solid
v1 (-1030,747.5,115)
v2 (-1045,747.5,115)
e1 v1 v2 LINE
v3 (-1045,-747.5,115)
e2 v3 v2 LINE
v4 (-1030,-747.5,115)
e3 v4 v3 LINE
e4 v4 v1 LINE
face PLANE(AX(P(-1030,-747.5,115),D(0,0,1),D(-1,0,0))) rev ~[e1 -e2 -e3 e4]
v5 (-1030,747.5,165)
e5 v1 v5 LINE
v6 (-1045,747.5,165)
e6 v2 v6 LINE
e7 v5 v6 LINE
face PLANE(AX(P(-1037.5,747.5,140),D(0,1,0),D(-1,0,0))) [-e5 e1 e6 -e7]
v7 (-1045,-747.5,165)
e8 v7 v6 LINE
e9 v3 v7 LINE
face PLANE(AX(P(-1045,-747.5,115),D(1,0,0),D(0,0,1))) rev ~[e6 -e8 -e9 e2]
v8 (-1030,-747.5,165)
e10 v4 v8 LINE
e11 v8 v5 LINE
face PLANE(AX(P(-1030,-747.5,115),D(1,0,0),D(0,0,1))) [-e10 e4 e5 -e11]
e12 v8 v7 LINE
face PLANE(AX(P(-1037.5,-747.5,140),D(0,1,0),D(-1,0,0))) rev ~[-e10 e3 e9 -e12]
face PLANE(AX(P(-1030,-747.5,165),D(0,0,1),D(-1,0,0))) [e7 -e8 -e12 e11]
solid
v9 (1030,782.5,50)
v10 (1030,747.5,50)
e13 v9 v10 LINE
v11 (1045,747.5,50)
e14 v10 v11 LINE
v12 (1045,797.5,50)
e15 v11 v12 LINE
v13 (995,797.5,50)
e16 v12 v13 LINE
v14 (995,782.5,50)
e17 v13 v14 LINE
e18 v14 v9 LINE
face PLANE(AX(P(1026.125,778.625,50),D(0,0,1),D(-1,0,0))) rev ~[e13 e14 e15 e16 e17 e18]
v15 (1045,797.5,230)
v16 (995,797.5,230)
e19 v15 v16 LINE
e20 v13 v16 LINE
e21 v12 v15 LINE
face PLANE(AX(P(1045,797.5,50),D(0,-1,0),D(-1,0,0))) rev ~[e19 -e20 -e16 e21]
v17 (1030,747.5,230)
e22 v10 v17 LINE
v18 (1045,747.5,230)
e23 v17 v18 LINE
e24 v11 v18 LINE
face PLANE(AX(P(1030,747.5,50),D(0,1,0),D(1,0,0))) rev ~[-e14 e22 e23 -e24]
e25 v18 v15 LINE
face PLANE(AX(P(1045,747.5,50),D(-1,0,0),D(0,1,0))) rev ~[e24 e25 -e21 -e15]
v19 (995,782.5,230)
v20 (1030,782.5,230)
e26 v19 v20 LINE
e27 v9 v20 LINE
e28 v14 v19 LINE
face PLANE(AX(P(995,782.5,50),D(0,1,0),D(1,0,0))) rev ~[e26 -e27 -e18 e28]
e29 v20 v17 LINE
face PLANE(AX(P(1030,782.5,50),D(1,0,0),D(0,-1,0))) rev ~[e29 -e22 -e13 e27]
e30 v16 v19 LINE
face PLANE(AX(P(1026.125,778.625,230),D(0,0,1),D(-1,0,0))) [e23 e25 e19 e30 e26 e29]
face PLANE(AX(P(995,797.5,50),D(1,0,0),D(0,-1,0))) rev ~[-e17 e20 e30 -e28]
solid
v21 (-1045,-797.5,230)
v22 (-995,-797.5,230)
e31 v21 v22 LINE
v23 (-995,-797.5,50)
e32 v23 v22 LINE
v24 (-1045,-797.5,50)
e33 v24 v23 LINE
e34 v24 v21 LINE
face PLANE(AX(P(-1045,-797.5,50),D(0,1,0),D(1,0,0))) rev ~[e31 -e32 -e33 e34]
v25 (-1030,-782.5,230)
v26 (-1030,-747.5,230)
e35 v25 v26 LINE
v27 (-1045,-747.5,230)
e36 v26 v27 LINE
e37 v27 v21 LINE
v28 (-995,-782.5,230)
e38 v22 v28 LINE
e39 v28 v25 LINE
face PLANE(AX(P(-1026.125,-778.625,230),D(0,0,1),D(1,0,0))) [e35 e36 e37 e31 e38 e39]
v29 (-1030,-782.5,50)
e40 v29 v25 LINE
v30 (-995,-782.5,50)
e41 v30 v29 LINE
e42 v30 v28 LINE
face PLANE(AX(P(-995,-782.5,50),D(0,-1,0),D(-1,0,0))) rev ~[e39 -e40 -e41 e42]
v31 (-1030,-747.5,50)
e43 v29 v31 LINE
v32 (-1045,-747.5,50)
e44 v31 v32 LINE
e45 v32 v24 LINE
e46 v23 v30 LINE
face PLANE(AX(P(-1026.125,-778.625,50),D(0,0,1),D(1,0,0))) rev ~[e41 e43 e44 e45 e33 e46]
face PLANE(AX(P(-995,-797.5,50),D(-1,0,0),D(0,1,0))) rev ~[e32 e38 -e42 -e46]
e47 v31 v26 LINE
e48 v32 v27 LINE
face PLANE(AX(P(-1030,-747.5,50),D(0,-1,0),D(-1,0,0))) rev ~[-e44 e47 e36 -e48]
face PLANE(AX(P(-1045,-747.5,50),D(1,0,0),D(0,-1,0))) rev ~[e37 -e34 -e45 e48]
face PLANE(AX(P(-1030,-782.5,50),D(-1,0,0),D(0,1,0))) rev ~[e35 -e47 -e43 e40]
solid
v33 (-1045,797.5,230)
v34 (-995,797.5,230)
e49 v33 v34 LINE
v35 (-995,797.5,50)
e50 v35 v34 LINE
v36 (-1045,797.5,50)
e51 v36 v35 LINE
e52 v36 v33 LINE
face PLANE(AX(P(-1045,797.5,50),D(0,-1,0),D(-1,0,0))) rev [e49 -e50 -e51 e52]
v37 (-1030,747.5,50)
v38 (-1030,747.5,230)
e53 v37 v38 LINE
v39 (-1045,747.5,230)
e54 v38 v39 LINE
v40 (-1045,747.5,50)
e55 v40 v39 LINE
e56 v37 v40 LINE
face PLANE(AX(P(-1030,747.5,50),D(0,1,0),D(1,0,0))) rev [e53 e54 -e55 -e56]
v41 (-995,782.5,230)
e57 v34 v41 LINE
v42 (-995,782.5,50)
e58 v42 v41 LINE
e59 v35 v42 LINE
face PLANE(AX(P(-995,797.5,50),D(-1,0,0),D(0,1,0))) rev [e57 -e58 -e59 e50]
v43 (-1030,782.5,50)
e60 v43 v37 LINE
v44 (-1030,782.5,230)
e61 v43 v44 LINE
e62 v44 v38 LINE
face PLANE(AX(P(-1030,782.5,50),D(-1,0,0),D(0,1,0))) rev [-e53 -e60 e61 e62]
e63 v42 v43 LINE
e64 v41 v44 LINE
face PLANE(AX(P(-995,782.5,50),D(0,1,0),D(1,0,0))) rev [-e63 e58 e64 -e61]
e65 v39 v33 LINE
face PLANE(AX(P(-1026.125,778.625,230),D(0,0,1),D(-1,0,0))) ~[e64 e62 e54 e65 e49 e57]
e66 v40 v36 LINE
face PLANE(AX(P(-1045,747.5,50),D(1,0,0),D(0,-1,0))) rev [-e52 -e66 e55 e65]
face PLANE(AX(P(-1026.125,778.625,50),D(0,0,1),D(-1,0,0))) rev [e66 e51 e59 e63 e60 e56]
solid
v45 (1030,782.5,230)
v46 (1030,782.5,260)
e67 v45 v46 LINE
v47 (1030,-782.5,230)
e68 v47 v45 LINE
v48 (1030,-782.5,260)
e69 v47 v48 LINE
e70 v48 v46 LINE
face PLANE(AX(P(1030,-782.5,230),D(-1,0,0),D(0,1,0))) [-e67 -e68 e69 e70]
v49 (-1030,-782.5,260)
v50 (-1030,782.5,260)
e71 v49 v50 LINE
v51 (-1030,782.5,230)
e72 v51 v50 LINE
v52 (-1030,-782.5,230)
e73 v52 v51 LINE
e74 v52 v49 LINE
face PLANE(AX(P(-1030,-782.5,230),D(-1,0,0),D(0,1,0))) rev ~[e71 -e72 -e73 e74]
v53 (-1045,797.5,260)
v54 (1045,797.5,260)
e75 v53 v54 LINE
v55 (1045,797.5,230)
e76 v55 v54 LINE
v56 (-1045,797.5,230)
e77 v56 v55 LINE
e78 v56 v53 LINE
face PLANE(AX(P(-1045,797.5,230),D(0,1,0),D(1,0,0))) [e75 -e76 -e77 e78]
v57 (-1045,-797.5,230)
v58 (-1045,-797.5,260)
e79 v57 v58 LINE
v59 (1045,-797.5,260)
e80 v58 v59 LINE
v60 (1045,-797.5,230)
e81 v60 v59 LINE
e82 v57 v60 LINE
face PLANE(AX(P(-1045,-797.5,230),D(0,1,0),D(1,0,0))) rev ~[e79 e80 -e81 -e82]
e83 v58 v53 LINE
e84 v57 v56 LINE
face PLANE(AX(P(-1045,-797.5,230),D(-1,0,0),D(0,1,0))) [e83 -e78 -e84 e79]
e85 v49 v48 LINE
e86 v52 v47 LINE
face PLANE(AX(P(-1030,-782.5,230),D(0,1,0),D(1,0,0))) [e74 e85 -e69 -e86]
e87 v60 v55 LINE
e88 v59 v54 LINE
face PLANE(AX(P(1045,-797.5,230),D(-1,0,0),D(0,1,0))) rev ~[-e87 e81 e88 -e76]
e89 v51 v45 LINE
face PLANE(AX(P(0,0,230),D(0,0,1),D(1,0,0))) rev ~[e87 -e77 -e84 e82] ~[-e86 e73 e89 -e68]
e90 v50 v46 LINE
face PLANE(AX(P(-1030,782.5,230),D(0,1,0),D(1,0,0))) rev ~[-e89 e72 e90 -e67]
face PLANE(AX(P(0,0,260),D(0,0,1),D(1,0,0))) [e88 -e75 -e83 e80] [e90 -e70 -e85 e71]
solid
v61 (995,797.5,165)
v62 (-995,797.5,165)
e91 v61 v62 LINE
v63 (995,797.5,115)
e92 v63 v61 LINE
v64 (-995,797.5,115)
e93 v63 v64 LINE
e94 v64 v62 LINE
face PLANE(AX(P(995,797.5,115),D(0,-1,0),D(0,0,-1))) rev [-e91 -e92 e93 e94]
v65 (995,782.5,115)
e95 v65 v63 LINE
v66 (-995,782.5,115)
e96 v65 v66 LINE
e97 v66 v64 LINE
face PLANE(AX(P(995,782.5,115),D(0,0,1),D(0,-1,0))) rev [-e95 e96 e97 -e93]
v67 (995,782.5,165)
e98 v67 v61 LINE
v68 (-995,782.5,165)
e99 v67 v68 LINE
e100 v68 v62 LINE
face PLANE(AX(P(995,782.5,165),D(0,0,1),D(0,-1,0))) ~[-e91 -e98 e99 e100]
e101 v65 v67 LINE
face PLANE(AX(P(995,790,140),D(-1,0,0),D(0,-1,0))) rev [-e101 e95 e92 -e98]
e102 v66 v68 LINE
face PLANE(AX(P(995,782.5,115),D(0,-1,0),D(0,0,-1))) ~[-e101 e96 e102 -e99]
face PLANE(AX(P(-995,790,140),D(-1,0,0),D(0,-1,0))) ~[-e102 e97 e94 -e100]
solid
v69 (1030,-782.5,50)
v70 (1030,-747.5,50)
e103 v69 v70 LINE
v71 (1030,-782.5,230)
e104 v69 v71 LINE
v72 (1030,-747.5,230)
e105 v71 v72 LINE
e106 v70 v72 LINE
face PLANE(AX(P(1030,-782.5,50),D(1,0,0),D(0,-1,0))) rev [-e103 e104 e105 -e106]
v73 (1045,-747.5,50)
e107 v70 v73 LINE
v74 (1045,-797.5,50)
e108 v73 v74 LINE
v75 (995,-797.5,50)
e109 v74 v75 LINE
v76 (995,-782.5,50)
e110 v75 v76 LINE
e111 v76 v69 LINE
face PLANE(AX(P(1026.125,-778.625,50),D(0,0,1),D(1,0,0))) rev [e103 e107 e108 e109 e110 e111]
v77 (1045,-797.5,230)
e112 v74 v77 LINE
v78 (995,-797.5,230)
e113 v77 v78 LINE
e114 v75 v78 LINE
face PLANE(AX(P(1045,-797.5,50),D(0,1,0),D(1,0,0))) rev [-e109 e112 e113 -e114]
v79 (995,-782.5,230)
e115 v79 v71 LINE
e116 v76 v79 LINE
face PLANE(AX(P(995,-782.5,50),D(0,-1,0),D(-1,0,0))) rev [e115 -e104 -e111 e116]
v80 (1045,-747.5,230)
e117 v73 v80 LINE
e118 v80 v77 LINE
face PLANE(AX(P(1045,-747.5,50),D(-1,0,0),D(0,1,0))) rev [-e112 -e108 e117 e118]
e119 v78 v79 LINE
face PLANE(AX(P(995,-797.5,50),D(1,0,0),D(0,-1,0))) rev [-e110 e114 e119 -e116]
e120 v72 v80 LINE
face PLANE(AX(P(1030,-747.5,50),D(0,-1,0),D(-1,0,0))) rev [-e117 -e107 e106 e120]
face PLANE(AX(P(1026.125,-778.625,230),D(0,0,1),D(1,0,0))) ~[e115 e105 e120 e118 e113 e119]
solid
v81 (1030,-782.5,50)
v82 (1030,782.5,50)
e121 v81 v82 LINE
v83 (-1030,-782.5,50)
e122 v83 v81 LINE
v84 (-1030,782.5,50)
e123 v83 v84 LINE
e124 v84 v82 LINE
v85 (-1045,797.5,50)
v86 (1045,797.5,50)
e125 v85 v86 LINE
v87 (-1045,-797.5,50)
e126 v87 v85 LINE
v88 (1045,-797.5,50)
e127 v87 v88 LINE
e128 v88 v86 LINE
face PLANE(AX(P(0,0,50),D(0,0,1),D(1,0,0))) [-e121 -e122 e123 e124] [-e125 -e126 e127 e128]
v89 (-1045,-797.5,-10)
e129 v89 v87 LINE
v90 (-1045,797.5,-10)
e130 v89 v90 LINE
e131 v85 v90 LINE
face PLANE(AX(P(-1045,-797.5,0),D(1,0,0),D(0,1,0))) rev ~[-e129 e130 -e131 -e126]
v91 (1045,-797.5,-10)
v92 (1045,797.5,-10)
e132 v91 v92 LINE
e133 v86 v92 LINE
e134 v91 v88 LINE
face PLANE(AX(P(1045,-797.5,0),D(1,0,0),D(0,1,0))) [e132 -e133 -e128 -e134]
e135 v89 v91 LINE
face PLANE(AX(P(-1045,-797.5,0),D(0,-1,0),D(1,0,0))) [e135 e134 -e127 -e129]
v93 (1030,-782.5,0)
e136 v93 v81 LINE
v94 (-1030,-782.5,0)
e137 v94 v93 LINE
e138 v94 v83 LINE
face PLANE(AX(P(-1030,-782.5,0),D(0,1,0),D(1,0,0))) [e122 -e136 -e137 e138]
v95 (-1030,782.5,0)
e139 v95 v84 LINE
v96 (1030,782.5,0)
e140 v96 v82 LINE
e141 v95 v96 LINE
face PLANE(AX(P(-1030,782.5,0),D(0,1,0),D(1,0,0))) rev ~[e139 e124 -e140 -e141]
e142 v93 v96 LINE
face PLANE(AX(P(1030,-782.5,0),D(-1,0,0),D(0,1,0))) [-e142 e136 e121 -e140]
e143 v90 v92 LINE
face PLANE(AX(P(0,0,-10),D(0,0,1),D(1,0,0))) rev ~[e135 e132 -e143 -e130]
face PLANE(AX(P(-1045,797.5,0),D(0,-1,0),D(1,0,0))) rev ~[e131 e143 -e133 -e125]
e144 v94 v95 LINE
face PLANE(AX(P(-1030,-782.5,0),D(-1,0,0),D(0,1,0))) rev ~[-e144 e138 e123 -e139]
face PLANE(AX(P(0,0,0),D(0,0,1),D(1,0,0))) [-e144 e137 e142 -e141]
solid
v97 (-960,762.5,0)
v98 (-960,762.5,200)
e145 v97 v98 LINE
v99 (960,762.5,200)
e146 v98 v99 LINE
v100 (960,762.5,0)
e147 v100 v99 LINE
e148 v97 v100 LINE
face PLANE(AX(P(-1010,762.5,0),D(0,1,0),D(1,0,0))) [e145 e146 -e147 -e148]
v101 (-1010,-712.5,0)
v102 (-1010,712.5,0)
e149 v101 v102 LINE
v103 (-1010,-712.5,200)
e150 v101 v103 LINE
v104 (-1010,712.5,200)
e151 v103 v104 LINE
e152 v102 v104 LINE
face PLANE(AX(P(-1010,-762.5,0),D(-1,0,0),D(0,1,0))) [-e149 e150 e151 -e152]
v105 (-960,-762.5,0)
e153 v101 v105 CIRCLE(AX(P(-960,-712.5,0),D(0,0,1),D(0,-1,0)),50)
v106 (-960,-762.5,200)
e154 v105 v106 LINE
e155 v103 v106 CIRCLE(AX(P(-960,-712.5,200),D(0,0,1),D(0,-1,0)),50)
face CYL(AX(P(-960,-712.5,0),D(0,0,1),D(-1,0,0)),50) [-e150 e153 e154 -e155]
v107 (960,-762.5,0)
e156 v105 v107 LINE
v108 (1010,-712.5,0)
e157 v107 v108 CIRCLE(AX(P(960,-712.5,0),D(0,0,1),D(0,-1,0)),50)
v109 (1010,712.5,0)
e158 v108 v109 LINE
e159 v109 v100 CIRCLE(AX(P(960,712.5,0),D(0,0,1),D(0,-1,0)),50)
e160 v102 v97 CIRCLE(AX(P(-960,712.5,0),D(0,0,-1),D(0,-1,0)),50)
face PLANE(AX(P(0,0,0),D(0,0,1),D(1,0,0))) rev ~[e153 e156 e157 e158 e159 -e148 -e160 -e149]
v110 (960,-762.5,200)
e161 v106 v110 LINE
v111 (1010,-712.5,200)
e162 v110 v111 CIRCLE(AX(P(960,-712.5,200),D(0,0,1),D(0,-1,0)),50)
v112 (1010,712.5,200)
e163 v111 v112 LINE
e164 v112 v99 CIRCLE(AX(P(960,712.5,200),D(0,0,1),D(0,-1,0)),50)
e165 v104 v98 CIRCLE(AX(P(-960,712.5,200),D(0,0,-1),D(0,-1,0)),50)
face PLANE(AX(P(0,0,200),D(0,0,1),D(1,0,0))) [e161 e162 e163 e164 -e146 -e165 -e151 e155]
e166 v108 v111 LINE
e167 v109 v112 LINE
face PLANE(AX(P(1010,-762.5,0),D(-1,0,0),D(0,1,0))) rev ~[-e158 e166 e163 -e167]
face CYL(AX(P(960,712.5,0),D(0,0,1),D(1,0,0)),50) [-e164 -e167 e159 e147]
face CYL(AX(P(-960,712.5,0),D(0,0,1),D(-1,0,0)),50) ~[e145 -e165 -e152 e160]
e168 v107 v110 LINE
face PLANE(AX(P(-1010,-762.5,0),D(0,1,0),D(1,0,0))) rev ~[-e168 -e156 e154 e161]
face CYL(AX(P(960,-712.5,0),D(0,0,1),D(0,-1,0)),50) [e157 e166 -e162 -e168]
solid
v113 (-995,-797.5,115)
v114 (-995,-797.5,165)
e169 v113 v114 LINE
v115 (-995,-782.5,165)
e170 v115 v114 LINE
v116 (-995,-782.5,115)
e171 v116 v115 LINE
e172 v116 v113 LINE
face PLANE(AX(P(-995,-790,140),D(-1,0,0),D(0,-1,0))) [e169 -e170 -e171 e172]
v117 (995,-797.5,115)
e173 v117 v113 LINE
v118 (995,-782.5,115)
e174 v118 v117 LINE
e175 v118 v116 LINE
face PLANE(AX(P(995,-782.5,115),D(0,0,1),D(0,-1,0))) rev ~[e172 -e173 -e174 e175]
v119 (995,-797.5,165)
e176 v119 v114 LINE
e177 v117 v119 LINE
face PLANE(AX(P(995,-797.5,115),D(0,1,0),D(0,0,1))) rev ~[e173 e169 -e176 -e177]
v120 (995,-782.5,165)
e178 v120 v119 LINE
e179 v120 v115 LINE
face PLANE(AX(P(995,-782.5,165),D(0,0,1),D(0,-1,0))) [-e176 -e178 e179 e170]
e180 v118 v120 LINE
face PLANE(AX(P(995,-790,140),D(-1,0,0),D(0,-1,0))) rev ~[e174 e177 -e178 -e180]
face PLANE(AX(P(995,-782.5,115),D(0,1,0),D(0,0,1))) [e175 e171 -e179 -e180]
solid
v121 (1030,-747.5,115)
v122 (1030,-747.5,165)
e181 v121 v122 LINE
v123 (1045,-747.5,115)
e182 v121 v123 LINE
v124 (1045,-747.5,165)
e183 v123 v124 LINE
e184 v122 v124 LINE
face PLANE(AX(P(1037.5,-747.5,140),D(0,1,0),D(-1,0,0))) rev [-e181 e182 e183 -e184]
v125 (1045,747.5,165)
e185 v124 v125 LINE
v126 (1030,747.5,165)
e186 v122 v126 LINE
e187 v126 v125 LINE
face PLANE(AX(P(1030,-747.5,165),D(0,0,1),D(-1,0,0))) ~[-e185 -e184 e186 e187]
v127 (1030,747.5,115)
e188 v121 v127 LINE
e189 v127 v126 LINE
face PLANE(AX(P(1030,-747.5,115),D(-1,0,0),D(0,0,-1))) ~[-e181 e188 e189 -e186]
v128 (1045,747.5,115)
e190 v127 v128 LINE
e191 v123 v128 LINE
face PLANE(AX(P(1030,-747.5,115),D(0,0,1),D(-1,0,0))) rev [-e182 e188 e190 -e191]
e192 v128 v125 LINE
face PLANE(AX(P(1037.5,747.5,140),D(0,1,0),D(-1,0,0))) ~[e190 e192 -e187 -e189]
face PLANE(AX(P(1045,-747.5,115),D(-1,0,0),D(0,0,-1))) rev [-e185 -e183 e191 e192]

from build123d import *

# Parameters (mm, degrees)
F0_W      = 2020
F0_H      = 1525
F1_DEPTH  = 200
F2_R      = 50
F4_W      = 2090
F4_H      = 1595
F4_W_2    = 2060
F4_H_2    = 1565
F5_DEPTH  = 50
F6_W      = 2090
F6_H      = 1595
F7_DEPTH  = 10
F9_W      = 2090
F9_H      = 1595
F9_W_2    = 2060
F9_H_2    = 1565
F10_DEPTH = 30
F13_DEPTH = 180
F16_W     = 15
F16_H     = 50
F17_DEPTH = 1990
F18_W     = 15
F18_H     = 50
F19_DEPTH = 1495


with BuildPart() as f1:
    # F0 (on Top) → F1 (new body)
    with BuildSketch(Plane.XY):
        Rectangle(F0_W, F0_H)
    extrude(amount=F1_DEPTH)

    # F2
    f2_edges = [f1.edges().sort_by_distance(p)[0] for p in [
        (1010, -762.5, 100),
        (-1010, -762.5, 100),
        (-1010, 762.5, 100),
        (1010, 762.5, 100),
    ]]
    fillet(f2_edges, radius=F2_R)


with BuildPart() as f5:
    # F4 (on face) → F5 (new body)
    with BuildSketch(Plane.XY):
        Rectangle(F4_W, F4_H)
        Rectangle(F4_W_2, F4_H_2, mode=Mode.SUBTRACT)
    extrude(amount=F5_DEPTH)

    # F6 (on Top) → F7 (join)
    with BuildSketch(Plane.XY):
        Rectangle(F6_W, F6_H)
    extrude(amount=-F7_DEPTH)


with BuildPart() as f10:
    # F9 (on offset) → F10 (new body)
    with BuildSketch(Plane.XY.offset(230)):
        Rectangle(F9_W, F9_H)
        Rectangle(F9_W_2, F9_H_2, mode=Mode.SUBTRACT)
    extrude(amount=F10_DEPTH)


with BuildPart() as f13:
    # F12 (on offset) → F13 (new body)
    with BuildSketch(Plane.XY.offset(50)):
        Polygon((-1030, -747.5), (-1045, -747.5), (-1045, -797.5), (-995, -797.5), (-995, -782.5), (-1030, -782.5), align=None)
    extrude(amount=F13_DEPTH)


with BuildPart() as f14_1:
    # F14: instance of F13
    add(f13.part.mirror(Plane.XZ))


with BuildPart() as f15_1:
    # F15: instance of F13
    add(f13.part.mirror(Plane.YZ))


with BuildPart() as f15_2:
    # F15: instance of F14_1
    add(f14_1.part.mirror(Plane.YZ))


with BuildPart() as f17:
    # F16 (on face) → F17 (new body)
    with BuildSketch(Plane(origin=(995, 0, 0), x_dir=(0, -1, 0), z_dir=(-1, 0, 0))):
        with Locations((790, 140)):
            Rectangle(F16_W, F16_H)
    extrude(amount=F17_DEPTH)


with BuildPart() as f19:
    # F18 (on face) → F19 (new body)
    with BuildSketch(Plane(origin=(0, -747.5, 0), x_dir=(-1, 0, 0), z_dir=(0, 1, 0))):
        with Locations((1037.5, 140)):
            Rectangle(F18_W, F18_H)
    extrude(amount=F19_DEPTH)


with BuildPart() as f20_1:
    # F20: instance of F19
    add(f19.part.mirror(Plane.YZ))


with BuildPart() as f21_1:
    # F21: instance of F17
    add(f17.part.mirror(Plane.XZ))


solid = Compound([f1.part, f5.part, f10.part, f13.part, f14_1.part, f15_1.part, f15_2.part, f17.part, f19.part, f20_1.part, f21_1.part])
